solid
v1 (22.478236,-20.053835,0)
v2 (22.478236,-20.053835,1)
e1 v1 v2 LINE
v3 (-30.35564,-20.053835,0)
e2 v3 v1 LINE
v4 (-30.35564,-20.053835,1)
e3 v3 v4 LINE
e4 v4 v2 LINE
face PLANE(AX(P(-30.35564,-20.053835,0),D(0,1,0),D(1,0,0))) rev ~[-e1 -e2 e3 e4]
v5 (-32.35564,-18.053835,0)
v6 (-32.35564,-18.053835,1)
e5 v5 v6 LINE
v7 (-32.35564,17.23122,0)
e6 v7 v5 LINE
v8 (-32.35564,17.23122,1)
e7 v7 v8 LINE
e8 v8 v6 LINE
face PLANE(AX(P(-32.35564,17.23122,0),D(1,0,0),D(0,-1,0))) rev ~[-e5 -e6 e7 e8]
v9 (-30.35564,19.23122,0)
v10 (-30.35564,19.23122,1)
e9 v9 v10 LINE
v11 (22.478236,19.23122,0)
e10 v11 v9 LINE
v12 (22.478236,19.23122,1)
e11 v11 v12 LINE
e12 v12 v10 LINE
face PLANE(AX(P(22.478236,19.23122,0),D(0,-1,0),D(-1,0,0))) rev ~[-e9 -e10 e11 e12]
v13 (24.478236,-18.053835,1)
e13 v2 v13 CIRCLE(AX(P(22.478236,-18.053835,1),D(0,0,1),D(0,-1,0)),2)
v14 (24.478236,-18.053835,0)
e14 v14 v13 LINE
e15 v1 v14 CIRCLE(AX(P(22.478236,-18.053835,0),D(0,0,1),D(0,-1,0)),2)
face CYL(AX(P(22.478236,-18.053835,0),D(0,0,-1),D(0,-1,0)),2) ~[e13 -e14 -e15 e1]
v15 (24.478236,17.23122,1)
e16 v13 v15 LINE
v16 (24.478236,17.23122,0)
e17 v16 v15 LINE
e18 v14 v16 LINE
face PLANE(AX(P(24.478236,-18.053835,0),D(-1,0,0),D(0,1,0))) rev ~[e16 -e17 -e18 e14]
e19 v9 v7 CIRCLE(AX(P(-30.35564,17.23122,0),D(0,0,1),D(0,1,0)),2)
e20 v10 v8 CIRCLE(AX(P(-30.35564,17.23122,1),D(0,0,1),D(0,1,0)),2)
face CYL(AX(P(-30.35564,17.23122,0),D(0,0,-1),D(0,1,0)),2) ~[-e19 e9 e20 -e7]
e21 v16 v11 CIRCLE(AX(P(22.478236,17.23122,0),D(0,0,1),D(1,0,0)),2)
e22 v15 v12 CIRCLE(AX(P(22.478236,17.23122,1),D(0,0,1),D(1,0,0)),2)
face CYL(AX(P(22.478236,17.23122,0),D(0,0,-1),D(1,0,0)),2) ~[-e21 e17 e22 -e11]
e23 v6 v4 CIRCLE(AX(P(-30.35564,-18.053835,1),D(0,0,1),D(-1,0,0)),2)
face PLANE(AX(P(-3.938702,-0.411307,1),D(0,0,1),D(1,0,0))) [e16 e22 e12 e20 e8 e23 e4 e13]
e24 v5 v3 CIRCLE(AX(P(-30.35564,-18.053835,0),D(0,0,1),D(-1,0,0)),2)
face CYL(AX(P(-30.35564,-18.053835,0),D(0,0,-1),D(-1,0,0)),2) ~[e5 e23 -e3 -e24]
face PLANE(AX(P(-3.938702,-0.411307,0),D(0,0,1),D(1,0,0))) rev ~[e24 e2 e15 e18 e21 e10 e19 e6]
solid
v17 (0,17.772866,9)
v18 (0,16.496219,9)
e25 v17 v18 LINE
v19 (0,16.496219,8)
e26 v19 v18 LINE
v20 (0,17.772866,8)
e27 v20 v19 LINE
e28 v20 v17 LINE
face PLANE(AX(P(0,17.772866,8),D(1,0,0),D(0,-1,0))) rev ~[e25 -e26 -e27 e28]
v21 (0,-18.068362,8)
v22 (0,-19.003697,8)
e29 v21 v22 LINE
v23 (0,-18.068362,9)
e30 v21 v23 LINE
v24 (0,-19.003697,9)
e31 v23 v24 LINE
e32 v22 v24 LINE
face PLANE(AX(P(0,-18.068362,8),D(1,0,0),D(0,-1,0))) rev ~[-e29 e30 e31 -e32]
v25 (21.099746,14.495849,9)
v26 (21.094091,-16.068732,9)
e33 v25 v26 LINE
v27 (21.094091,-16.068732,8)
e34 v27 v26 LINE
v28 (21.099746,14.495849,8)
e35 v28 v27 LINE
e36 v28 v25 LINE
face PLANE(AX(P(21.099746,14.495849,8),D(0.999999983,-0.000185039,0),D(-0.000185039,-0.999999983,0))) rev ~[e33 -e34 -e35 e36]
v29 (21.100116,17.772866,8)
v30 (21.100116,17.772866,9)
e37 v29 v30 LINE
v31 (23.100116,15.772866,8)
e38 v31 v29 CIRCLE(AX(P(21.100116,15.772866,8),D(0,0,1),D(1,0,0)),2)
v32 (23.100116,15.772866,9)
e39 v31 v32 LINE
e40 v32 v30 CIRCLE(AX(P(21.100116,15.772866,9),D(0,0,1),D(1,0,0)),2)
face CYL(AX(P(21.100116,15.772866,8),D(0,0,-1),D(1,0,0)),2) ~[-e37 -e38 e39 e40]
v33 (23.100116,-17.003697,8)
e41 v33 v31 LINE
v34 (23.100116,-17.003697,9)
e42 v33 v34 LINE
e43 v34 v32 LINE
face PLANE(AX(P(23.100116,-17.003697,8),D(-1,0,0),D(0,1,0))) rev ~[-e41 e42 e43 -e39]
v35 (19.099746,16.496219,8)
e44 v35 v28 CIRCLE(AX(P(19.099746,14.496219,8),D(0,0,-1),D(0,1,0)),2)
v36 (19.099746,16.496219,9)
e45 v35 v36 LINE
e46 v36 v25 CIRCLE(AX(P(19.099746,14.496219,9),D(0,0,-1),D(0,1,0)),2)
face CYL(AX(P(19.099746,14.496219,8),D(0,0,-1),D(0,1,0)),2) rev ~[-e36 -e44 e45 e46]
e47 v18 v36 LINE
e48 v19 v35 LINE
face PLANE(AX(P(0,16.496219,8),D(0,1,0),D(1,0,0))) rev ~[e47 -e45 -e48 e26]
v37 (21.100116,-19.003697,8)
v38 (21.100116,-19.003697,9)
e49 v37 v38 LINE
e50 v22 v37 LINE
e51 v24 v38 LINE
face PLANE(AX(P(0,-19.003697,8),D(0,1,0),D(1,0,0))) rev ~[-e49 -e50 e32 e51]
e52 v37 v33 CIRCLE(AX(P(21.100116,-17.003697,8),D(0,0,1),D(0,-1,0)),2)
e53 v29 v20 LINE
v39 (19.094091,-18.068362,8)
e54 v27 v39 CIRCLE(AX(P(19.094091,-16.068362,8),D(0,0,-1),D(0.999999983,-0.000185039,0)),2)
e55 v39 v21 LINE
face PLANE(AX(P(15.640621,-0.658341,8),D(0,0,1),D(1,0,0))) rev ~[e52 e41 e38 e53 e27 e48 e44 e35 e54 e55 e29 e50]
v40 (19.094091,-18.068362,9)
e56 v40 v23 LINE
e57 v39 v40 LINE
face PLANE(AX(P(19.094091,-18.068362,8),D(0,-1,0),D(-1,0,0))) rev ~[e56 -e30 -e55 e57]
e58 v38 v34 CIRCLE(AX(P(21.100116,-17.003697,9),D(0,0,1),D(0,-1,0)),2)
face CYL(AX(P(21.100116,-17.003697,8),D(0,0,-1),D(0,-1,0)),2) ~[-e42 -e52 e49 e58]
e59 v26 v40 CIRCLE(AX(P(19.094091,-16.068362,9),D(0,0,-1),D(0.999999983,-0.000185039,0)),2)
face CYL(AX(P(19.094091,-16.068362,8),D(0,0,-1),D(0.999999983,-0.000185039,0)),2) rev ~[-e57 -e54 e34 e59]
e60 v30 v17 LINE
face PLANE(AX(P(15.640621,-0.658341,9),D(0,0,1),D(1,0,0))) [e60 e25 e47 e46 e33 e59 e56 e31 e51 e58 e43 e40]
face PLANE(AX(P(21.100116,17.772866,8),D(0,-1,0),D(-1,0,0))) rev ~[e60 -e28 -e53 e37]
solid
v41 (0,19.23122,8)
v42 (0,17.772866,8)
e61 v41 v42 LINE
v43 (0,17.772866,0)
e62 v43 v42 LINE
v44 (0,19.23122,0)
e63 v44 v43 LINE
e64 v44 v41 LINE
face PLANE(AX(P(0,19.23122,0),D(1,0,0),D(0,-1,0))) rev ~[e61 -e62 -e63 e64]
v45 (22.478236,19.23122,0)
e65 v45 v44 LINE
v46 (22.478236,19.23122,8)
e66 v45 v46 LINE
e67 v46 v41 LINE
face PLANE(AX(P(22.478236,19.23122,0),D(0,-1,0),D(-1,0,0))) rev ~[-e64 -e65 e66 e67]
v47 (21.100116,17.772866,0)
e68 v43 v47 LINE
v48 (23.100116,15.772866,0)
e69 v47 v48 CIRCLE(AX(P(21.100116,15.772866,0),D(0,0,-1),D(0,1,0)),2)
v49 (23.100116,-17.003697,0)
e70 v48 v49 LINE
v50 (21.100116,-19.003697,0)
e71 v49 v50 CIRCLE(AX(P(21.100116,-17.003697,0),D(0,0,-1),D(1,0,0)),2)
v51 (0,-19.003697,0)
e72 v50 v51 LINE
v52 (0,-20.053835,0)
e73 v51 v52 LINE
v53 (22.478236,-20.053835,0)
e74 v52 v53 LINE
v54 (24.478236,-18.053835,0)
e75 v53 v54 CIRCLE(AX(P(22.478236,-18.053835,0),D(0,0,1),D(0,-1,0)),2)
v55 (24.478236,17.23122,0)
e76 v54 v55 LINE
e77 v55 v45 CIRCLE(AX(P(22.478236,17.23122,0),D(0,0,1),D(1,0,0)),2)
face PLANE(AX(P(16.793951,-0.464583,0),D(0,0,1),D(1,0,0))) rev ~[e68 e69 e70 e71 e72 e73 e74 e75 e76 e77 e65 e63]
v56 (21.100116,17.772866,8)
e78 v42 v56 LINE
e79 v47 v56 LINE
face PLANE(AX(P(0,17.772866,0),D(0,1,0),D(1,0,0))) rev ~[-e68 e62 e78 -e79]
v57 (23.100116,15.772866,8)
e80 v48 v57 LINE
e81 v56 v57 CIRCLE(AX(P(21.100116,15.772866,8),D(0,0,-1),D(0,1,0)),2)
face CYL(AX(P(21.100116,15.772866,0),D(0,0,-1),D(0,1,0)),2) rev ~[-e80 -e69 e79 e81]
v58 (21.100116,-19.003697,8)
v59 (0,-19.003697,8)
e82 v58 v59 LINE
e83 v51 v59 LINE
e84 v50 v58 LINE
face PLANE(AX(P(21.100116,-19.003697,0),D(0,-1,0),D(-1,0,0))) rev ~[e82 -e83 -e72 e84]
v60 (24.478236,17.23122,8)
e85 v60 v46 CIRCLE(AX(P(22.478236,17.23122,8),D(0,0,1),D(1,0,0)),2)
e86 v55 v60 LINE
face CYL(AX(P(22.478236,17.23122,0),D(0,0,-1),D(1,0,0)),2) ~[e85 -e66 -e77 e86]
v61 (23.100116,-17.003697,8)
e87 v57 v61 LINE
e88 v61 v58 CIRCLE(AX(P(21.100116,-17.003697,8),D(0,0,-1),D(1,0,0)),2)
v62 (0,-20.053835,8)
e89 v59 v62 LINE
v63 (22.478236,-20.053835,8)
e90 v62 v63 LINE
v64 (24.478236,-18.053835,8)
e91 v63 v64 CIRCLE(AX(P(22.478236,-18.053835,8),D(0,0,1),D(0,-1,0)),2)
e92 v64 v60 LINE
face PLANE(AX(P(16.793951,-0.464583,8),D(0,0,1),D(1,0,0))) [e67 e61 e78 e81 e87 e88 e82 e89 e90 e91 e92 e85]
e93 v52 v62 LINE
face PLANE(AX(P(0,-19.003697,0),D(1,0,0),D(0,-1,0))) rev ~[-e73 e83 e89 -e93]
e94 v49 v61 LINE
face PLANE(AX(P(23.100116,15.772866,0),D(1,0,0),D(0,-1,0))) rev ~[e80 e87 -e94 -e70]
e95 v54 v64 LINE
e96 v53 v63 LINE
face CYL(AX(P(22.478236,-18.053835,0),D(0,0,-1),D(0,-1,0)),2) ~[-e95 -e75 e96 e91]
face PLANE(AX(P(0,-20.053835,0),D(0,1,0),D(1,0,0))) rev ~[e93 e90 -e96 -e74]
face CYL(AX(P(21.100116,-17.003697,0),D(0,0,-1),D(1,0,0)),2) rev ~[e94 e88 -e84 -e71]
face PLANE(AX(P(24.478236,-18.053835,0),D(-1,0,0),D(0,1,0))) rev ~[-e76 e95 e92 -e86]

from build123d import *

# Parameters (mm, degrees)
F1_DEPTH = 1
F3_DEPTH = 8
F7_DEPTH = 1


with BuildPart() as f1:
    # F0 (on Top) → F1 (new body)
    with BuildSketch(Plane.XY):
        with BuildLine():
            Line((22.4782363355, 19.2312198371), (-30.3556400836, 19.2312198371))
            ThreePointArc((-30.3556400836, 19.2312198371), (-31.7698536459, 18.6454333994), (-32.3556400836, 17.2312198371))
            Line((-32.3556400836, 17.2312198371), (-32.3556400836, -18.0538347155))
            ThreePointArc((-32.3556400836, -18.0538347155), (-31.7698536459, -19.4680482779), (-30.3556400836, -20.0538347155))
            Line((-30.3556400836, -20.0538347155), (22.4782363355, -20.0538347155))
            ThreePointArc((22.4782363355, -20.0538347155), (23.8924498979, -19.4680482779), (24.4782363355, -18.0538347155))
            Line((24.4782363355, -18.0538347155), (24.4782363355, 17.2312198371))
            ThreePointArc((24.4782363355, 17.2312198371), (23.8924498979, 18.6454333994), (22.4782363355, 19.2312198371))
        make_face()
    extrude(amount=F1_DEPTH)


with BuildPart() as f3:
    # F2 (on face) → F3 (new body)
    with BuildSketch(Plane.XY):
        with BuildLine():
            Line((24.4782363355, -18.0538347155), (24.4782363355, 17.2312198371))
            ThreePointArc((24.4782363355, 17.2312198371), (23.8924498979, 18.6454333994), (22.4782363355, 19.2312198371))
            Line((22.4782363355, 19.2312198371), (0, 19.2312198371))
            Line((0, 19.2312198371), (0, 17.772866413))
            Line((0, 17.772866413), (21.1001163512, 17.772866413))
            ThreePointArc((21.1001163512, 17.772866413), (22.5143299136, 17.1870799754), (23.1001163512, 15.772866413))
            Line((23.1001163512, 15.772866413), (23.1001163512, -17.0036967397))
            ThreePointArc((23.1001163512, -17.0036967397), (22.5143299136, -18.417910302), (21.1001163512, -19.0036967397))
            Line((21.1001163512, -19.0036967397), (0, -19.0036967397))
            Line((0, -19.0036967397), (0, -20.0538347155))
            Line((0, -20.0538347155), (22.4782363355, -20.0538347155))
            ThreePointArc((22.4782363355, -20.0538347155), (23.8924498979, -19.4680482779), (24.4782363355, -18.0538347155))
        make_face()
    extrude(amount=F3_DEPTH)


with BuildPart() as f7:
    # F6 (on plane+point) → F7 (new body)
    with BuildSketch(Plane.XY.offset(8)):
        with BuildLine():
            Line((0, -19.0036967397), (21.1001163512, -19.0036967397))
            ThreePointArc((21.1001163512, -19.0036967397), (22.5143299136, -18.417910302), (23.1001163512, -17.0036967397))
            Line((23.1001163512, -17.0036967397), (23.1001163512, 15.772866413))
            ThreePointArc((23.1001163512, 15.772866413), (22.5143299136, 17.1870799754), (21.1001163512, 17.772866413))
            Line((21.1001163512, 17.772866413), (0, 17.772866413))
            Line((0, 17.772866413), (0, 16.4962187409))
            Line((0, 16.4962187409), (19.0997462398, 16.4962187409))
            ThreePointArc((19.0997462398, 16.4962187409), (20.5140906382, 15.9103014552), (21.0997462056, 14.4958486638))
            Line((21.0997462056, 14.4958486638), (21.0940905789, -16.0687321046))
            ThreePointArc((21.0940905789, -16.0687321046), (20.5081733274, -17.4827064258), (19.0940906131, -18.0683620274))
            Line((19.0940906131, -18.0683620274), (0, -18.0683620274))
            Line((0, -18.0683620274), (0, -19.0036967397))
        make_face()
    extrude(amount=F7_DEPTH)


solid = Compound([f1.part, f3.part, f7.part])
